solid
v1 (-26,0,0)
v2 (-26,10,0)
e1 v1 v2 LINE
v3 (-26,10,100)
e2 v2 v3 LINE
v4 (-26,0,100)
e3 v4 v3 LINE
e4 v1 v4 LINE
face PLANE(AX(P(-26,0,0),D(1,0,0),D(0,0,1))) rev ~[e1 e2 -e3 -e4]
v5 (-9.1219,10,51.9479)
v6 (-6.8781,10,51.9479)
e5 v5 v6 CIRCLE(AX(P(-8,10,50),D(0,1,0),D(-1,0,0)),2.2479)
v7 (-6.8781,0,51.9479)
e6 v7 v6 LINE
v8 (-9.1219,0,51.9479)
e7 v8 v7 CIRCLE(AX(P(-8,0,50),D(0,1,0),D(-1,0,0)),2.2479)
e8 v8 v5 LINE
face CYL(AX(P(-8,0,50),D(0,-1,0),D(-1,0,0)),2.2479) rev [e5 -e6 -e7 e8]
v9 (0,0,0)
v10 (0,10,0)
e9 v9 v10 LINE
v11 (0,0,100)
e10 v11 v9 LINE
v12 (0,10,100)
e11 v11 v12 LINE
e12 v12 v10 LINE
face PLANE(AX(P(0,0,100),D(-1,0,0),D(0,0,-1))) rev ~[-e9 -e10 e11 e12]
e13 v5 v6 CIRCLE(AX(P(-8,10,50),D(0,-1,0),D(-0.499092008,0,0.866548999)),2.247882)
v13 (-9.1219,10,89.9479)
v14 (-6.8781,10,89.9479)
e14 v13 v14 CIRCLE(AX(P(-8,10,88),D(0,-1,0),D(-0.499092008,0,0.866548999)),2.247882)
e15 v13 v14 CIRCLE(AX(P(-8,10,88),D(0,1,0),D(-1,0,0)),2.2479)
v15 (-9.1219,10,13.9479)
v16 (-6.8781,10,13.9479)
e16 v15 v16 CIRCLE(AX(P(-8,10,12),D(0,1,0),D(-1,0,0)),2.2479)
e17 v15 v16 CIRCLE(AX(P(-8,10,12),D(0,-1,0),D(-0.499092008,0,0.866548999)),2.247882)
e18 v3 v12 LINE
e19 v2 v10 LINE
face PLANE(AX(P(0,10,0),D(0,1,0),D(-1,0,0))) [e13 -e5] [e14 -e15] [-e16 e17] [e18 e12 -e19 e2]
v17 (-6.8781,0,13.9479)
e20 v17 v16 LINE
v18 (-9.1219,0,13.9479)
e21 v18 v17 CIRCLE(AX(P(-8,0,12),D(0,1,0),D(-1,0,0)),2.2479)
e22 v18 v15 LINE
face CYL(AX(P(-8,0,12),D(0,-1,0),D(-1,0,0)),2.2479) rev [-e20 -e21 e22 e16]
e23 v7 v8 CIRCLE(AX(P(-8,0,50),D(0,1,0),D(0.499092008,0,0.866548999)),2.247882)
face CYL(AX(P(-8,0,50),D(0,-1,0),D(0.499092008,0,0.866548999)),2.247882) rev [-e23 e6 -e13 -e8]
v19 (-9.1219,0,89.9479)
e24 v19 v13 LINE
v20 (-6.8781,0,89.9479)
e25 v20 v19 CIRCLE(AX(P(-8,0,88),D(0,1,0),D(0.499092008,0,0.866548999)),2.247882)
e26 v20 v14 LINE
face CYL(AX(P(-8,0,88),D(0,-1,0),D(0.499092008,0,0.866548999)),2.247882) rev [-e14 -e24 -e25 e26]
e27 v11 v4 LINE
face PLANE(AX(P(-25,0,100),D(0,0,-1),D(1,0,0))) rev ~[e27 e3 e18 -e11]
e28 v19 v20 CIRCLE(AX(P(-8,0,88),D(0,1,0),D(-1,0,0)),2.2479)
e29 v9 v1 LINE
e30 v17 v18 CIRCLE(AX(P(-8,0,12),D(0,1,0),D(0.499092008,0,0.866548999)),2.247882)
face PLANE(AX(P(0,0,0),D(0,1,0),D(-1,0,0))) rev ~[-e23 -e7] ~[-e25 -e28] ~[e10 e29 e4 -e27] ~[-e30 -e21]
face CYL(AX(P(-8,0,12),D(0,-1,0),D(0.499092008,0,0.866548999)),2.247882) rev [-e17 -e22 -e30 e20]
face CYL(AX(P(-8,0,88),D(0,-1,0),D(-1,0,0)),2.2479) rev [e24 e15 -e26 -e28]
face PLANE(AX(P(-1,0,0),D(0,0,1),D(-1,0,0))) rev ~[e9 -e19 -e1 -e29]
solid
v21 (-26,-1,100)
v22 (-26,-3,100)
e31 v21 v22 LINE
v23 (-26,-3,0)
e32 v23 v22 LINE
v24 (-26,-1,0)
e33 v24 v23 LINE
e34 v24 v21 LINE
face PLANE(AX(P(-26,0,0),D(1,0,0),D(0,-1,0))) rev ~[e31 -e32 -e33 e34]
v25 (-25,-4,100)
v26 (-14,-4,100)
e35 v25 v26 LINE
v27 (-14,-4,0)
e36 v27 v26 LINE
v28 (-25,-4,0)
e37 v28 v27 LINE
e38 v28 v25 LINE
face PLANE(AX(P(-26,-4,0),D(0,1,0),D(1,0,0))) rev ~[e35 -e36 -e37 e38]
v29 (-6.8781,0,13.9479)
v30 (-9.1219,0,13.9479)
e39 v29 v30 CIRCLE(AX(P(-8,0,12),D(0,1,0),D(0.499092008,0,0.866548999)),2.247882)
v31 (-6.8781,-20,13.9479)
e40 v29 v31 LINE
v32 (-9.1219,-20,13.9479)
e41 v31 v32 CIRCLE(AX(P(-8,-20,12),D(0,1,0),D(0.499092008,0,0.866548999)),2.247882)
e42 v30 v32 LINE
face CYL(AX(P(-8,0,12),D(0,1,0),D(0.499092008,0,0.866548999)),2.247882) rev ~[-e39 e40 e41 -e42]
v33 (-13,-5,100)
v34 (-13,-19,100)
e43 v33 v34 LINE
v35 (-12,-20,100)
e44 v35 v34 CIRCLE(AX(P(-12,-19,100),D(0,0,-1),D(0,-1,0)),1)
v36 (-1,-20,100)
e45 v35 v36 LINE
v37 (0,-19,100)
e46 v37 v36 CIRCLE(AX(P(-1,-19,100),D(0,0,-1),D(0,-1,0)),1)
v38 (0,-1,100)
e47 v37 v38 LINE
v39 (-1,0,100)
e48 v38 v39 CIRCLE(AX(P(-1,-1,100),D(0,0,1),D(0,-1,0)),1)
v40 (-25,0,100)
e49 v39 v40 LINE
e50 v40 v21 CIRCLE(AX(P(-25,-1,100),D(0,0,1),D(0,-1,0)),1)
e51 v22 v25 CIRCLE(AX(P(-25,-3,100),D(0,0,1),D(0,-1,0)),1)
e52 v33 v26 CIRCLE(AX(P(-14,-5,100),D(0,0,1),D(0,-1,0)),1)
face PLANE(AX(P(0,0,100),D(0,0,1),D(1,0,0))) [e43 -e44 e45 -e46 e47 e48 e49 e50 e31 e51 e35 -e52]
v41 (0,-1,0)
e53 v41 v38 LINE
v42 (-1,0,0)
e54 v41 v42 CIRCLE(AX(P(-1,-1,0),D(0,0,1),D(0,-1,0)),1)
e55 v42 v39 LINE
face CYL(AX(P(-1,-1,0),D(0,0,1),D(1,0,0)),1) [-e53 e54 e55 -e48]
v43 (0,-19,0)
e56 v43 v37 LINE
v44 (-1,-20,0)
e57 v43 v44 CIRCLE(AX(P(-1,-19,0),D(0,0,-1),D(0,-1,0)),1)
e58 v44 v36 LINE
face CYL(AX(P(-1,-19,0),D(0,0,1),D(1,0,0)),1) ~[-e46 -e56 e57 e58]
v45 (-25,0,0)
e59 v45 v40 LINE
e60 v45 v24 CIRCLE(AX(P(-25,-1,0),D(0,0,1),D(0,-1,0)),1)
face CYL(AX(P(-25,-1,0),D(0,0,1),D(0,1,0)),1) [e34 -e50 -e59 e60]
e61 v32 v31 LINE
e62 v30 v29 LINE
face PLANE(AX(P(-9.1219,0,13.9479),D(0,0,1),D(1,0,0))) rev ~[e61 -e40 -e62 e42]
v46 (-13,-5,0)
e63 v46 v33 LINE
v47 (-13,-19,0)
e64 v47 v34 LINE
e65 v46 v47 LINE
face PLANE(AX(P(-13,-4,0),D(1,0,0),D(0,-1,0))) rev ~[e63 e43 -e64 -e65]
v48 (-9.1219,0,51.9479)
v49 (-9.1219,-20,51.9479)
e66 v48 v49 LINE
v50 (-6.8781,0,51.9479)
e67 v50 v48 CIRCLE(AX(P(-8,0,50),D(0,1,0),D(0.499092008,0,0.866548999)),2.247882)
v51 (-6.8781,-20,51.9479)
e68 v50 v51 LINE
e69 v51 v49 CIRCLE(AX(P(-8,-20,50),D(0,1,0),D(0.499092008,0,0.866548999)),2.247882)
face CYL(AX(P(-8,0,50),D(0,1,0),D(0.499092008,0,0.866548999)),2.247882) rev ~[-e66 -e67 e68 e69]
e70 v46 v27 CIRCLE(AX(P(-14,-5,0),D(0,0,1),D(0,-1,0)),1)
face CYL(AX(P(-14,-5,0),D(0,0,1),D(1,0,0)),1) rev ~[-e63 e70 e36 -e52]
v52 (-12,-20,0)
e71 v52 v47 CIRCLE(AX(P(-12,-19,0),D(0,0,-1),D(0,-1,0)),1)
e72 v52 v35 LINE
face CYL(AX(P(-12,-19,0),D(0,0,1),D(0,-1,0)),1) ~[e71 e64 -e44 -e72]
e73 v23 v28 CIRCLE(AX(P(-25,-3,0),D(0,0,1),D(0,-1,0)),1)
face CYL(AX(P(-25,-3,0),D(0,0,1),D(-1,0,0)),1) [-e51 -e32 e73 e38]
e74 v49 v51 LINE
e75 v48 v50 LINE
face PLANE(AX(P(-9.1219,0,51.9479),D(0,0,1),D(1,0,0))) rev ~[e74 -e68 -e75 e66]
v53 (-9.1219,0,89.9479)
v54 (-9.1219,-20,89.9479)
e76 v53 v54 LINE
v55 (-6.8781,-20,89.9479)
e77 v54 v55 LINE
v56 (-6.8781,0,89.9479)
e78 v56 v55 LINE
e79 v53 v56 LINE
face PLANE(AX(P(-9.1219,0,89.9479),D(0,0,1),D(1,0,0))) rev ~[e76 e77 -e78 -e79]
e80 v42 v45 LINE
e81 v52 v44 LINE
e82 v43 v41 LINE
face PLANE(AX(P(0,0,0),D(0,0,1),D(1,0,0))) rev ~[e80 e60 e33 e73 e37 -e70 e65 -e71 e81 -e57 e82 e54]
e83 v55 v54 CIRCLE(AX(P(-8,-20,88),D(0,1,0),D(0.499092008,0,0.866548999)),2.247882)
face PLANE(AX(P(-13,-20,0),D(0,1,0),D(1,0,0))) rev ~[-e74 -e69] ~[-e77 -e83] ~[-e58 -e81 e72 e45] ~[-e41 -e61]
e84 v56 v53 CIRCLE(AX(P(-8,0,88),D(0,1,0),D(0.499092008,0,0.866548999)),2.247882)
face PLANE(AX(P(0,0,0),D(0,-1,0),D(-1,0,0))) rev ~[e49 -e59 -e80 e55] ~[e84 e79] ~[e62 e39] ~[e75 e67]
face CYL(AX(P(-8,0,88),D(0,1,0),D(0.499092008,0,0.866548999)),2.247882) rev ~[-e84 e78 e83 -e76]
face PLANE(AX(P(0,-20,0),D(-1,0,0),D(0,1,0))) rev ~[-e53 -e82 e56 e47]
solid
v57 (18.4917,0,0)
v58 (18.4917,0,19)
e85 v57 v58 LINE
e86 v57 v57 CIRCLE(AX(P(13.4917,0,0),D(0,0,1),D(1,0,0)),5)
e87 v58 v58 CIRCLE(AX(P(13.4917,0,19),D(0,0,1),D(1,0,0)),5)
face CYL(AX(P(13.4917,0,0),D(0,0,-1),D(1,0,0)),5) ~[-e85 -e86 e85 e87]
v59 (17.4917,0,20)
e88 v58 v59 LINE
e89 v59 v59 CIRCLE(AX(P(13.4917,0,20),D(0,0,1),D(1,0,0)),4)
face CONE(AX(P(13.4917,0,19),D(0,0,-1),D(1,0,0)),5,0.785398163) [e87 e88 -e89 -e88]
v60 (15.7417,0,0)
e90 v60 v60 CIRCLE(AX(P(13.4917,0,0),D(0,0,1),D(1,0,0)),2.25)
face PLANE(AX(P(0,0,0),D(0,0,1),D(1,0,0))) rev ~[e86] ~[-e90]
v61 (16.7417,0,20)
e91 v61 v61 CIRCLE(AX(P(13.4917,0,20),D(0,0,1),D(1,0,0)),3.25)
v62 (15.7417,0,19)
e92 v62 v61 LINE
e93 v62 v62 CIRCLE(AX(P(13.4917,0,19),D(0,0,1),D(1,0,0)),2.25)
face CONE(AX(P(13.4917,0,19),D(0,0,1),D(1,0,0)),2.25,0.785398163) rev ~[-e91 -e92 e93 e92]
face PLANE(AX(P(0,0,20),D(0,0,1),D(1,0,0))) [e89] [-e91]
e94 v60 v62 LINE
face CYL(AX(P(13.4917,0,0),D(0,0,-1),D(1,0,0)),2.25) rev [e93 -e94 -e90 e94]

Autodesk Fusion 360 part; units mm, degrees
sketch "Sketch1" plane through (0, 0, 0) normal (0, 0, 1) x (1, 0, 0)
  line L0 (0, 0) -> (-26, 0)
  line L1 (-26, 0) -> (-26, -4)
  line L2 (-26, -4) -> (-13, -4)
  line L3 (-13, -4) -> (-13, -20)
  line L4 (-13, -20) -> (0, -20)
  line L5 (0, -20) -> (0, 0)
  dimension "d1" = 4
  dimension "d2" = 13
  dimension "d3" = 13
  dimension "d4" = 16
extrude "Extrude1" add sketch "Sketch1" along normal blind 100 makes body 1
sketch "Sketch2" plane through (0, 0, 0) normal (0, 1, 0) x (-1, 0, 0)
  line L0 (0, 0) -> (26, 0)
  line L1 (26, 0) -> (26, 100)
  line L2 (26, 100) -> (0, 100)
  line L3 (0, 100) -> (0, 0)
  line L4 (0, 0) -> (0, 100)
  line L5 (13, 0) -> (13, 100)
  line L6 (13, 100) -> (0, 100)
  line L7 (13, 0) -> (0, 0)
  line L8 (8, 100) -> (8, 0) construction
  line L9 (8, 14.2479) -> (8, 13.9479) construction
  line L10 (9.1219, 13.9479) -> (6.8781, 13.9479)
  arc A0 (6.8781, 13.9479) -> (9.1219, 13.9479) centre (8, 12) ccw
  arc A1 (9.1219, 13.9479) -> (8, 14.2479) centre (8, 12) ccw construction
  arc A2 (8, 14.2479) -> (6.8781, 13.9479) centre (8, 12) ccw construction
  dimension "d8" = 0.3
  dimension "d10" = 12
  dimension "d11" = 4.4958
  dimension "d20" = 5
extrude "Extrude2" cut sketch "Sketch2" against normal through all contours L10 A0 bodies 1
pattern_linear "R-Pattern1" count 3 spacing 38 along (0, 0, 1) of "Extrude2"
fillet "Fillet1" radius 1 6 edges at (0, 0, 50) (-26, 0, 50) (-26, -4, 50) (-13, -4, 50) (-13, -20, 50) (0, -20, 50) on bodies 1
copy_body "Body->Comp1" bodies 1 removing the originals makes body 2 in component "IKEA Trofast Bin to drawer bracket"
sketch "Sketch1 (2)" plane through (0, 0, 0) normal (0, 0, 1) x (1, 0, 0) in component "Bumper"
  circle A0 centre (13.4917, 0) radius 5
  circle A1 centre (13.4917, 0) radius 2.25
  dimension "d21" = 4.5
  dimension "d22" = 10
extrude "Extrude1'" add sketch "Sketch1 (2)" along normal blind 20 separate body makes body 3 in component "Bumper"
chamfer "Chamfer1" distance 1 angle 45 2 edges at (8.8301, -1.8081, 20) (11.394, 0.8136, 20) on bodies 3 in component "Bumper"
sketch "Sketch1 (3)" plane through (0, 0, 0) normal (0, 1, 0) x (-1, 0, 0) in component "10mm tall spacer"
  line L0 (25, 0) -> (25, 100)
  line L1 (25, 100) -> (1, 100)
  line L2 (1, 100) -> (1, 0)
  line L3 (1, 0) -> (25, 0)
  arc A0 (6.8781, 89.9479) -> (9.1219, 89.9479) centre (8, 88) ccw
  line L4 (6.8781, 89.9479) -> (9.1219, 89.9479)
  arc A1 (6.8781, 51.9479) -> (9.1219, 51.9479) centre (8, 50) ccw
  line L5 (6.8781, 51.9479) -> (9.1219, 51.9479)
  arc A2 (6.8781, 13.9479) -> (9.1219, 13.9479) centre (8, 12) ccw
  line L6 (6.8781, 13.9479) -> (9.1219, 13.9479)
  arc A3 (6.8781, 13.9479) -> (9.1219, 13.9479) centre (8, 12) ccw
  arc A4 (6.8781, 89.9479) -> (9.1219, 89.9479) centre (8, 88) ccw
  arc A5 (6.8781, 51.9479) -> (9.1219, 51.9479) centre (8, 50) ccw
  line L7 (0, 100) -> (0, 0)
  line L8 (26, 0) -> (26, 100)
  line L9 (26, 0) -> (0, 0)
  line L10 (0, 0) -> (0, 100)
  line L11 (0, 100) -> (26, 100)
  line L12 (26, 100) -> (26, 0)
  circle A6 centre (8, 12) radius 2.2479
  circle A7 centre (8, 50) radius 2.2479
  circle A8 centre (8, 88) radius 2.2479
  point P0 (26, 0)
  point P1 (0, 100)
  point P2 (26, 100)
extrude "Extrude1''" add sketch "Sketch1 (3)" along normal blind 10 separate body makes body 4 in component "10mm tall spacer"
component "IKEA Trofast Bin to drawer bracket" placed x (1, 0, 0) y (0, 1, 0) z (0, 0, 1) at (0, 0, 0)
component "Bumper" placed x (1, 0, 0) y (0, 1, 0) z (0, 0, 1) at (0, 0, 0)
component "10mm tall spacer" placed x (1, 0, 0) y (0, 1, 0) z (0, 0, 1) at (0, 0, 0)
